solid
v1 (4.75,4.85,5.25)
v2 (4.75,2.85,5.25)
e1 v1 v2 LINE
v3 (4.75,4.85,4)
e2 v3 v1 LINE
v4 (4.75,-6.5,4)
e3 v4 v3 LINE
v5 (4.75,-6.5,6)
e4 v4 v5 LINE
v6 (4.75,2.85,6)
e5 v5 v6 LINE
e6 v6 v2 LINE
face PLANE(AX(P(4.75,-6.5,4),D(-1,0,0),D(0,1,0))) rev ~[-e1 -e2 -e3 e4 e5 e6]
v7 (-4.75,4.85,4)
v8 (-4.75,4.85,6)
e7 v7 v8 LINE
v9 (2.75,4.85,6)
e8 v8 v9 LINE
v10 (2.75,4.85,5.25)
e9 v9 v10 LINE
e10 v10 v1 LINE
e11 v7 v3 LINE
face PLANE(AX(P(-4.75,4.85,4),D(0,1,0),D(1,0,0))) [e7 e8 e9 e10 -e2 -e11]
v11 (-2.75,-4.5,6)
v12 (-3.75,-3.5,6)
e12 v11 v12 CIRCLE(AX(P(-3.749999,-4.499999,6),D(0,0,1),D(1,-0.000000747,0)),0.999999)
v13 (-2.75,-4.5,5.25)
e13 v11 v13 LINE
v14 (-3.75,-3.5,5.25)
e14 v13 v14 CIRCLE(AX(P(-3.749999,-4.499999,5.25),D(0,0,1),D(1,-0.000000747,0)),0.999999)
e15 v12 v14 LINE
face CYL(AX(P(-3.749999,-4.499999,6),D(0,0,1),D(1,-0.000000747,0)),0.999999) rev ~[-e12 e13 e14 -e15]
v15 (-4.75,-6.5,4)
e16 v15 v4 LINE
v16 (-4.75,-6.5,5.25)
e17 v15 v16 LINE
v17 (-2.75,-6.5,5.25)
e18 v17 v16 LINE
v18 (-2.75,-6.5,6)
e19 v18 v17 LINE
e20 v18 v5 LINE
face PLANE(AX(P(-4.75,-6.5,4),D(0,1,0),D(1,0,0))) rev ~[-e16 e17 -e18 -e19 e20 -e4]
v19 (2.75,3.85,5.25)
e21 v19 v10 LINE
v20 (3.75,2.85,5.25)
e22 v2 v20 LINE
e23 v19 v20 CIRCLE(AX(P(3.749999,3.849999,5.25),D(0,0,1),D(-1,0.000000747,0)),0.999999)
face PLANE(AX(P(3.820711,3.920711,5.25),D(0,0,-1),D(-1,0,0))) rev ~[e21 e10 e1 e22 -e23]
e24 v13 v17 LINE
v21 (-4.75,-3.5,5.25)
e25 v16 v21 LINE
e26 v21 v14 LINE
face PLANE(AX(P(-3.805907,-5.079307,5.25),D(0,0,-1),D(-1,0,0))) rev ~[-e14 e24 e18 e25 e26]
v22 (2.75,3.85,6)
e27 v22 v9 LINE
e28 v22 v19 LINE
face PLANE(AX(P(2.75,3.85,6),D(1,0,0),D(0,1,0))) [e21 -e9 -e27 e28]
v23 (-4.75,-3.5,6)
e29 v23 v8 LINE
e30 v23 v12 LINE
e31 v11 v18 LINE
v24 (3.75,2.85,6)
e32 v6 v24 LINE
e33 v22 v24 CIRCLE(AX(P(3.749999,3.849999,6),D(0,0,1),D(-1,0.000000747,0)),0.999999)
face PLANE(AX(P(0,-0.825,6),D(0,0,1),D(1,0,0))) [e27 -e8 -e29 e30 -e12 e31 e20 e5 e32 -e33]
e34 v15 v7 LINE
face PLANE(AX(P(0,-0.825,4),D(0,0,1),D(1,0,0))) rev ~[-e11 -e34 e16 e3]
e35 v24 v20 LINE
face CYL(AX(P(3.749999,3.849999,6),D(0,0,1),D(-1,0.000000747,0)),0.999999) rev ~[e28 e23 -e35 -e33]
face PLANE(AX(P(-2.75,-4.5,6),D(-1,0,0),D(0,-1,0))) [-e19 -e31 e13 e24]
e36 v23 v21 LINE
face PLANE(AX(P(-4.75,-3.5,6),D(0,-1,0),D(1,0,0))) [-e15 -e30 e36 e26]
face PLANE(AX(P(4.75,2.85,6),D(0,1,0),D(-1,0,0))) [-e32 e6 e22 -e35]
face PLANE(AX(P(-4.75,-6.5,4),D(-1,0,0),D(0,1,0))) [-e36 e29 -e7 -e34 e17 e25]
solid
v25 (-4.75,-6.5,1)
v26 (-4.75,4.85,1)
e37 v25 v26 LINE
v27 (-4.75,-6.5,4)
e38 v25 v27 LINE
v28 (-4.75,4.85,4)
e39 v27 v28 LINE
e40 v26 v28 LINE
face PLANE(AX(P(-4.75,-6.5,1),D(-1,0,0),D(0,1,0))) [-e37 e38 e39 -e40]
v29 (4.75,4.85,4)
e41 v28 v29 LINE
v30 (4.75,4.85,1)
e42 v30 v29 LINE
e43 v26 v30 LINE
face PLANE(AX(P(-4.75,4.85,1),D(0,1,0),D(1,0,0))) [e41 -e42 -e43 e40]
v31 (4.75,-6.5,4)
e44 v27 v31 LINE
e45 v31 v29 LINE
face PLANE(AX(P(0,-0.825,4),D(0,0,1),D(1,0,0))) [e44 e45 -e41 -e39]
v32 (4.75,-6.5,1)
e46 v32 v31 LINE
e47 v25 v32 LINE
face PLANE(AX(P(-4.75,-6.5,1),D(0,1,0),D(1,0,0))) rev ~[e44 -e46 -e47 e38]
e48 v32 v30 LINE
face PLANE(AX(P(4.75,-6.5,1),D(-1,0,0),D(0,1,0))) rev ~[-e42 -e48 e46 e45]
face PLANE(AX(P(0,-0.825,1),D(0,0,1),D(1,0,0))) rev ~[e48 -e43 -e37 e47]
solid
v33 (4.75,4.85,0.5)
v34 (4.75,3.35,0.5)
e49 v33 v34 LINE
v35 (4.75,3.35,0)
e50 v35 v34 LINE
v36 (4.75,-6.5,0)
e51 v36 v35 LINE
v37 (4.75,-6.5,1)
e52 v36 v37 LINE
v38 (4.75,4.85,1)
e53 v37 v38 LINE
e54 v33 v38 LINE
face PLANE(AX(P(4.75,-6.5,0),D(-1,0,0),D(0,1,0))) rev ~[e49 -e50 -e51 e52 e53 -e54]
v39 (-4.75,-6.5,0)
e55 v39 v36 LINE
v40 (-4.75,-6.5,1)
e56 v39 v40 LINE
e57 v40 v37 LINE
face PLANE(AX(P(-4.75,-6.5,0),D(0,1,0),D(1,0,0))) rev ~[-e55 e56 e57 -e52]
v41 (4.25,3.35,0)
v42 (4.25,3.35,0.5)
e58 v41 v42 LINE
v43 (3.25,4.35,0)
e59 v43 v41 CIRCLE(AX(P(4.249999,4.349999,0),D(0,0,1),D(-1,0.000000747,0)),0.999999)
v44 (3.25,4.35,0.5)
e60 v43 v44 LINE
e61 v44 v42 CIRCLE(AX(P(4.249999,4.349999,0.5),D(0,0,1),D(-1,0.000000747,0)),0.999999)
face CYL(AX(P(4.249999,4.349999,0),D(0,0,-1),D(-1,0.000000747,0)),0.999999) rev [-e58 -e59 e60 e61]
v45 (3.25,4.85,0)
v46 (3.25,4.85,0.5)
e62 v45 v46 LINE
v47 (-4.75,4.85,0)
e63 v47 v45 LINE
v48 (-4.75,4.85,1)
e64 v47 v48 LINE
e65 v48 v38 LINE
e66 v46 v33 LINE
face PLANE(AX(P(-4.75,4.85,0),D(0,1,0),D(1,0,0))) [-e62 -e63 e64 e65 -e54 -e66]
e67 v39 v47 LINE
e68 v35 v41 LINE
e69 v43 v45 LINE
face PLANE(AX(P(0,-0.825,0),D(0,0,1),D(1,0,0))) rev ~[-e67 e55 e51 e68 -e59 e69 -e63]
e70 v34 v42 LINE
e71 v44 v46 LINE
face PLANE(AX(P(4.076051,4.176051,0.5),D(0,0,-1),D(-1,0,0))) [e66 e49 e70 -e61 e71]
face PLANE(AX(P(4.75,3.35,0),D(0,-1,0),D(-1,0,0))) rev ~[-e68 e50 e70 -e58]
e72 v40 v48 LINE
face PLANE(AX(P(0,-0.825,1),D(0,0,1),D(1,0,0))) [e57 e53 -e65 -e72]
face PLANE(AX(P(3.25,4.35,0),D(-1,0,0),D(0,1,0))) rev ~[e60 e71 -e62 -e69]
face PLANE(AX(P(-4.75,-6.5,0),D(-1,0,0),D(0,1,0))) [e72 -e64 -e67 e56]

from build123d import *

# Parameters (mm, degrees)
SKETCH_W        = 9.5
SKETCH_H        = 11.35
PAD_DEPTH       = 1
POCKET002_DEPTH = 0.5
SKETCH002_W     = 9.5
SKETCH002_H     = 11.35
PAD001_DEPTH    = 3
SKETCH001_W     = 9.5
SKETCH001_H     = 11.35
PAD002_DEPTH    = 2
POCKET_DEPTH    = 0.75
POCKET001_DEPTH = 0.75


with BuildPart() as housing_bottom:
    # Sketch → Pad (new body)
    with BuildSketch(Plane.XY):
        with Locations((0, -0.825)):
            Rectangle(SKETCH_W, SKETCH_H)
    extrude(amount=PAD_DEPTH)

    # Sketch005 → Pocket002 (cut)
    with BuildSketch(Plane.XY):
        with BuildLine():
            Line((3.25, 4.85), (4.75, 4.85))
            Line((4.75, 4.85), (4.75, 3.35))
            Line((4.75, 3.35), (4.25, 3.35))
            ThreePointArc((3.25, 4.35), (3.542893, 3.642893), (4.25, 3.35))
            Line((3.25, 4.35), (3.25, 4.85))
        make_face()
    extrude(amount=POCKET002_DEPTH, mode=Mode.SUBTRACT)


with BuildPart() as housing_middle:
    # Sketch002 → Pad001 (new body)
    with BuildSketch(Plane.XY.offset(1)):
        with Locations((0, -0.825)):
            Rectangle(SKETCH002_W, SKETCH002_H)
    extrude(amount=PAD001_DEPTH)


with BuildPart() as housing_top:
    # Sketch001 → Pad002 (new body)
    with BuildSketch(Plane.XY.offset(4)):
        with Locations((0, -0.825)):
            Rectangle(SKETCH001_W, SKETCH001_H)
    extrude(amount=PAD002_DEPTH)

    # Sketch003 → Pocket (cut)
    with BuildSketch(Plane.XY.offset(6)):
        with BuildLine():
            Line((2.75, 4.85), (4.75, 4.85))
            Line((4.75, 4.85), (4.75, 2.85))
            Line((4.75, 2.85), (3.75, 2.85))
            ThreePointArc((2.75, 3.85), (3.042893, 3.142893), (3.75, 2.85))
            Line((2.75, 3.85), (2.75, 4.85))
        make_face()
    extrude(amount=-POCKET_DEPTH, mode=Mode.SUBTRACT)

    # Sketch004 → Pocket001 (cut)
    with BuildSketch(Plane.XY.offset(6)):
        with BuildLine():
            Line((-4.75, -3.5), (-3.75, -3.5))
            ThreePointArc((-2.75, -4.5), (-3.042893, -3.792893), (-3.75, -3.5))
            Line((-2.75, -4.5), (-2.75, -6.5))
            Line((-2.75, -6.5), (-4.75, -6.5))
            Line((-4.75, -6.5), (-4.75, -3.5))
        make_face()
    extrude(amount=-POCKET001_DEPTH, mode=Mode.SUBTRACT)


solid = Compound([housing_bottom.part, housing_middle.part, housing_top.part])
